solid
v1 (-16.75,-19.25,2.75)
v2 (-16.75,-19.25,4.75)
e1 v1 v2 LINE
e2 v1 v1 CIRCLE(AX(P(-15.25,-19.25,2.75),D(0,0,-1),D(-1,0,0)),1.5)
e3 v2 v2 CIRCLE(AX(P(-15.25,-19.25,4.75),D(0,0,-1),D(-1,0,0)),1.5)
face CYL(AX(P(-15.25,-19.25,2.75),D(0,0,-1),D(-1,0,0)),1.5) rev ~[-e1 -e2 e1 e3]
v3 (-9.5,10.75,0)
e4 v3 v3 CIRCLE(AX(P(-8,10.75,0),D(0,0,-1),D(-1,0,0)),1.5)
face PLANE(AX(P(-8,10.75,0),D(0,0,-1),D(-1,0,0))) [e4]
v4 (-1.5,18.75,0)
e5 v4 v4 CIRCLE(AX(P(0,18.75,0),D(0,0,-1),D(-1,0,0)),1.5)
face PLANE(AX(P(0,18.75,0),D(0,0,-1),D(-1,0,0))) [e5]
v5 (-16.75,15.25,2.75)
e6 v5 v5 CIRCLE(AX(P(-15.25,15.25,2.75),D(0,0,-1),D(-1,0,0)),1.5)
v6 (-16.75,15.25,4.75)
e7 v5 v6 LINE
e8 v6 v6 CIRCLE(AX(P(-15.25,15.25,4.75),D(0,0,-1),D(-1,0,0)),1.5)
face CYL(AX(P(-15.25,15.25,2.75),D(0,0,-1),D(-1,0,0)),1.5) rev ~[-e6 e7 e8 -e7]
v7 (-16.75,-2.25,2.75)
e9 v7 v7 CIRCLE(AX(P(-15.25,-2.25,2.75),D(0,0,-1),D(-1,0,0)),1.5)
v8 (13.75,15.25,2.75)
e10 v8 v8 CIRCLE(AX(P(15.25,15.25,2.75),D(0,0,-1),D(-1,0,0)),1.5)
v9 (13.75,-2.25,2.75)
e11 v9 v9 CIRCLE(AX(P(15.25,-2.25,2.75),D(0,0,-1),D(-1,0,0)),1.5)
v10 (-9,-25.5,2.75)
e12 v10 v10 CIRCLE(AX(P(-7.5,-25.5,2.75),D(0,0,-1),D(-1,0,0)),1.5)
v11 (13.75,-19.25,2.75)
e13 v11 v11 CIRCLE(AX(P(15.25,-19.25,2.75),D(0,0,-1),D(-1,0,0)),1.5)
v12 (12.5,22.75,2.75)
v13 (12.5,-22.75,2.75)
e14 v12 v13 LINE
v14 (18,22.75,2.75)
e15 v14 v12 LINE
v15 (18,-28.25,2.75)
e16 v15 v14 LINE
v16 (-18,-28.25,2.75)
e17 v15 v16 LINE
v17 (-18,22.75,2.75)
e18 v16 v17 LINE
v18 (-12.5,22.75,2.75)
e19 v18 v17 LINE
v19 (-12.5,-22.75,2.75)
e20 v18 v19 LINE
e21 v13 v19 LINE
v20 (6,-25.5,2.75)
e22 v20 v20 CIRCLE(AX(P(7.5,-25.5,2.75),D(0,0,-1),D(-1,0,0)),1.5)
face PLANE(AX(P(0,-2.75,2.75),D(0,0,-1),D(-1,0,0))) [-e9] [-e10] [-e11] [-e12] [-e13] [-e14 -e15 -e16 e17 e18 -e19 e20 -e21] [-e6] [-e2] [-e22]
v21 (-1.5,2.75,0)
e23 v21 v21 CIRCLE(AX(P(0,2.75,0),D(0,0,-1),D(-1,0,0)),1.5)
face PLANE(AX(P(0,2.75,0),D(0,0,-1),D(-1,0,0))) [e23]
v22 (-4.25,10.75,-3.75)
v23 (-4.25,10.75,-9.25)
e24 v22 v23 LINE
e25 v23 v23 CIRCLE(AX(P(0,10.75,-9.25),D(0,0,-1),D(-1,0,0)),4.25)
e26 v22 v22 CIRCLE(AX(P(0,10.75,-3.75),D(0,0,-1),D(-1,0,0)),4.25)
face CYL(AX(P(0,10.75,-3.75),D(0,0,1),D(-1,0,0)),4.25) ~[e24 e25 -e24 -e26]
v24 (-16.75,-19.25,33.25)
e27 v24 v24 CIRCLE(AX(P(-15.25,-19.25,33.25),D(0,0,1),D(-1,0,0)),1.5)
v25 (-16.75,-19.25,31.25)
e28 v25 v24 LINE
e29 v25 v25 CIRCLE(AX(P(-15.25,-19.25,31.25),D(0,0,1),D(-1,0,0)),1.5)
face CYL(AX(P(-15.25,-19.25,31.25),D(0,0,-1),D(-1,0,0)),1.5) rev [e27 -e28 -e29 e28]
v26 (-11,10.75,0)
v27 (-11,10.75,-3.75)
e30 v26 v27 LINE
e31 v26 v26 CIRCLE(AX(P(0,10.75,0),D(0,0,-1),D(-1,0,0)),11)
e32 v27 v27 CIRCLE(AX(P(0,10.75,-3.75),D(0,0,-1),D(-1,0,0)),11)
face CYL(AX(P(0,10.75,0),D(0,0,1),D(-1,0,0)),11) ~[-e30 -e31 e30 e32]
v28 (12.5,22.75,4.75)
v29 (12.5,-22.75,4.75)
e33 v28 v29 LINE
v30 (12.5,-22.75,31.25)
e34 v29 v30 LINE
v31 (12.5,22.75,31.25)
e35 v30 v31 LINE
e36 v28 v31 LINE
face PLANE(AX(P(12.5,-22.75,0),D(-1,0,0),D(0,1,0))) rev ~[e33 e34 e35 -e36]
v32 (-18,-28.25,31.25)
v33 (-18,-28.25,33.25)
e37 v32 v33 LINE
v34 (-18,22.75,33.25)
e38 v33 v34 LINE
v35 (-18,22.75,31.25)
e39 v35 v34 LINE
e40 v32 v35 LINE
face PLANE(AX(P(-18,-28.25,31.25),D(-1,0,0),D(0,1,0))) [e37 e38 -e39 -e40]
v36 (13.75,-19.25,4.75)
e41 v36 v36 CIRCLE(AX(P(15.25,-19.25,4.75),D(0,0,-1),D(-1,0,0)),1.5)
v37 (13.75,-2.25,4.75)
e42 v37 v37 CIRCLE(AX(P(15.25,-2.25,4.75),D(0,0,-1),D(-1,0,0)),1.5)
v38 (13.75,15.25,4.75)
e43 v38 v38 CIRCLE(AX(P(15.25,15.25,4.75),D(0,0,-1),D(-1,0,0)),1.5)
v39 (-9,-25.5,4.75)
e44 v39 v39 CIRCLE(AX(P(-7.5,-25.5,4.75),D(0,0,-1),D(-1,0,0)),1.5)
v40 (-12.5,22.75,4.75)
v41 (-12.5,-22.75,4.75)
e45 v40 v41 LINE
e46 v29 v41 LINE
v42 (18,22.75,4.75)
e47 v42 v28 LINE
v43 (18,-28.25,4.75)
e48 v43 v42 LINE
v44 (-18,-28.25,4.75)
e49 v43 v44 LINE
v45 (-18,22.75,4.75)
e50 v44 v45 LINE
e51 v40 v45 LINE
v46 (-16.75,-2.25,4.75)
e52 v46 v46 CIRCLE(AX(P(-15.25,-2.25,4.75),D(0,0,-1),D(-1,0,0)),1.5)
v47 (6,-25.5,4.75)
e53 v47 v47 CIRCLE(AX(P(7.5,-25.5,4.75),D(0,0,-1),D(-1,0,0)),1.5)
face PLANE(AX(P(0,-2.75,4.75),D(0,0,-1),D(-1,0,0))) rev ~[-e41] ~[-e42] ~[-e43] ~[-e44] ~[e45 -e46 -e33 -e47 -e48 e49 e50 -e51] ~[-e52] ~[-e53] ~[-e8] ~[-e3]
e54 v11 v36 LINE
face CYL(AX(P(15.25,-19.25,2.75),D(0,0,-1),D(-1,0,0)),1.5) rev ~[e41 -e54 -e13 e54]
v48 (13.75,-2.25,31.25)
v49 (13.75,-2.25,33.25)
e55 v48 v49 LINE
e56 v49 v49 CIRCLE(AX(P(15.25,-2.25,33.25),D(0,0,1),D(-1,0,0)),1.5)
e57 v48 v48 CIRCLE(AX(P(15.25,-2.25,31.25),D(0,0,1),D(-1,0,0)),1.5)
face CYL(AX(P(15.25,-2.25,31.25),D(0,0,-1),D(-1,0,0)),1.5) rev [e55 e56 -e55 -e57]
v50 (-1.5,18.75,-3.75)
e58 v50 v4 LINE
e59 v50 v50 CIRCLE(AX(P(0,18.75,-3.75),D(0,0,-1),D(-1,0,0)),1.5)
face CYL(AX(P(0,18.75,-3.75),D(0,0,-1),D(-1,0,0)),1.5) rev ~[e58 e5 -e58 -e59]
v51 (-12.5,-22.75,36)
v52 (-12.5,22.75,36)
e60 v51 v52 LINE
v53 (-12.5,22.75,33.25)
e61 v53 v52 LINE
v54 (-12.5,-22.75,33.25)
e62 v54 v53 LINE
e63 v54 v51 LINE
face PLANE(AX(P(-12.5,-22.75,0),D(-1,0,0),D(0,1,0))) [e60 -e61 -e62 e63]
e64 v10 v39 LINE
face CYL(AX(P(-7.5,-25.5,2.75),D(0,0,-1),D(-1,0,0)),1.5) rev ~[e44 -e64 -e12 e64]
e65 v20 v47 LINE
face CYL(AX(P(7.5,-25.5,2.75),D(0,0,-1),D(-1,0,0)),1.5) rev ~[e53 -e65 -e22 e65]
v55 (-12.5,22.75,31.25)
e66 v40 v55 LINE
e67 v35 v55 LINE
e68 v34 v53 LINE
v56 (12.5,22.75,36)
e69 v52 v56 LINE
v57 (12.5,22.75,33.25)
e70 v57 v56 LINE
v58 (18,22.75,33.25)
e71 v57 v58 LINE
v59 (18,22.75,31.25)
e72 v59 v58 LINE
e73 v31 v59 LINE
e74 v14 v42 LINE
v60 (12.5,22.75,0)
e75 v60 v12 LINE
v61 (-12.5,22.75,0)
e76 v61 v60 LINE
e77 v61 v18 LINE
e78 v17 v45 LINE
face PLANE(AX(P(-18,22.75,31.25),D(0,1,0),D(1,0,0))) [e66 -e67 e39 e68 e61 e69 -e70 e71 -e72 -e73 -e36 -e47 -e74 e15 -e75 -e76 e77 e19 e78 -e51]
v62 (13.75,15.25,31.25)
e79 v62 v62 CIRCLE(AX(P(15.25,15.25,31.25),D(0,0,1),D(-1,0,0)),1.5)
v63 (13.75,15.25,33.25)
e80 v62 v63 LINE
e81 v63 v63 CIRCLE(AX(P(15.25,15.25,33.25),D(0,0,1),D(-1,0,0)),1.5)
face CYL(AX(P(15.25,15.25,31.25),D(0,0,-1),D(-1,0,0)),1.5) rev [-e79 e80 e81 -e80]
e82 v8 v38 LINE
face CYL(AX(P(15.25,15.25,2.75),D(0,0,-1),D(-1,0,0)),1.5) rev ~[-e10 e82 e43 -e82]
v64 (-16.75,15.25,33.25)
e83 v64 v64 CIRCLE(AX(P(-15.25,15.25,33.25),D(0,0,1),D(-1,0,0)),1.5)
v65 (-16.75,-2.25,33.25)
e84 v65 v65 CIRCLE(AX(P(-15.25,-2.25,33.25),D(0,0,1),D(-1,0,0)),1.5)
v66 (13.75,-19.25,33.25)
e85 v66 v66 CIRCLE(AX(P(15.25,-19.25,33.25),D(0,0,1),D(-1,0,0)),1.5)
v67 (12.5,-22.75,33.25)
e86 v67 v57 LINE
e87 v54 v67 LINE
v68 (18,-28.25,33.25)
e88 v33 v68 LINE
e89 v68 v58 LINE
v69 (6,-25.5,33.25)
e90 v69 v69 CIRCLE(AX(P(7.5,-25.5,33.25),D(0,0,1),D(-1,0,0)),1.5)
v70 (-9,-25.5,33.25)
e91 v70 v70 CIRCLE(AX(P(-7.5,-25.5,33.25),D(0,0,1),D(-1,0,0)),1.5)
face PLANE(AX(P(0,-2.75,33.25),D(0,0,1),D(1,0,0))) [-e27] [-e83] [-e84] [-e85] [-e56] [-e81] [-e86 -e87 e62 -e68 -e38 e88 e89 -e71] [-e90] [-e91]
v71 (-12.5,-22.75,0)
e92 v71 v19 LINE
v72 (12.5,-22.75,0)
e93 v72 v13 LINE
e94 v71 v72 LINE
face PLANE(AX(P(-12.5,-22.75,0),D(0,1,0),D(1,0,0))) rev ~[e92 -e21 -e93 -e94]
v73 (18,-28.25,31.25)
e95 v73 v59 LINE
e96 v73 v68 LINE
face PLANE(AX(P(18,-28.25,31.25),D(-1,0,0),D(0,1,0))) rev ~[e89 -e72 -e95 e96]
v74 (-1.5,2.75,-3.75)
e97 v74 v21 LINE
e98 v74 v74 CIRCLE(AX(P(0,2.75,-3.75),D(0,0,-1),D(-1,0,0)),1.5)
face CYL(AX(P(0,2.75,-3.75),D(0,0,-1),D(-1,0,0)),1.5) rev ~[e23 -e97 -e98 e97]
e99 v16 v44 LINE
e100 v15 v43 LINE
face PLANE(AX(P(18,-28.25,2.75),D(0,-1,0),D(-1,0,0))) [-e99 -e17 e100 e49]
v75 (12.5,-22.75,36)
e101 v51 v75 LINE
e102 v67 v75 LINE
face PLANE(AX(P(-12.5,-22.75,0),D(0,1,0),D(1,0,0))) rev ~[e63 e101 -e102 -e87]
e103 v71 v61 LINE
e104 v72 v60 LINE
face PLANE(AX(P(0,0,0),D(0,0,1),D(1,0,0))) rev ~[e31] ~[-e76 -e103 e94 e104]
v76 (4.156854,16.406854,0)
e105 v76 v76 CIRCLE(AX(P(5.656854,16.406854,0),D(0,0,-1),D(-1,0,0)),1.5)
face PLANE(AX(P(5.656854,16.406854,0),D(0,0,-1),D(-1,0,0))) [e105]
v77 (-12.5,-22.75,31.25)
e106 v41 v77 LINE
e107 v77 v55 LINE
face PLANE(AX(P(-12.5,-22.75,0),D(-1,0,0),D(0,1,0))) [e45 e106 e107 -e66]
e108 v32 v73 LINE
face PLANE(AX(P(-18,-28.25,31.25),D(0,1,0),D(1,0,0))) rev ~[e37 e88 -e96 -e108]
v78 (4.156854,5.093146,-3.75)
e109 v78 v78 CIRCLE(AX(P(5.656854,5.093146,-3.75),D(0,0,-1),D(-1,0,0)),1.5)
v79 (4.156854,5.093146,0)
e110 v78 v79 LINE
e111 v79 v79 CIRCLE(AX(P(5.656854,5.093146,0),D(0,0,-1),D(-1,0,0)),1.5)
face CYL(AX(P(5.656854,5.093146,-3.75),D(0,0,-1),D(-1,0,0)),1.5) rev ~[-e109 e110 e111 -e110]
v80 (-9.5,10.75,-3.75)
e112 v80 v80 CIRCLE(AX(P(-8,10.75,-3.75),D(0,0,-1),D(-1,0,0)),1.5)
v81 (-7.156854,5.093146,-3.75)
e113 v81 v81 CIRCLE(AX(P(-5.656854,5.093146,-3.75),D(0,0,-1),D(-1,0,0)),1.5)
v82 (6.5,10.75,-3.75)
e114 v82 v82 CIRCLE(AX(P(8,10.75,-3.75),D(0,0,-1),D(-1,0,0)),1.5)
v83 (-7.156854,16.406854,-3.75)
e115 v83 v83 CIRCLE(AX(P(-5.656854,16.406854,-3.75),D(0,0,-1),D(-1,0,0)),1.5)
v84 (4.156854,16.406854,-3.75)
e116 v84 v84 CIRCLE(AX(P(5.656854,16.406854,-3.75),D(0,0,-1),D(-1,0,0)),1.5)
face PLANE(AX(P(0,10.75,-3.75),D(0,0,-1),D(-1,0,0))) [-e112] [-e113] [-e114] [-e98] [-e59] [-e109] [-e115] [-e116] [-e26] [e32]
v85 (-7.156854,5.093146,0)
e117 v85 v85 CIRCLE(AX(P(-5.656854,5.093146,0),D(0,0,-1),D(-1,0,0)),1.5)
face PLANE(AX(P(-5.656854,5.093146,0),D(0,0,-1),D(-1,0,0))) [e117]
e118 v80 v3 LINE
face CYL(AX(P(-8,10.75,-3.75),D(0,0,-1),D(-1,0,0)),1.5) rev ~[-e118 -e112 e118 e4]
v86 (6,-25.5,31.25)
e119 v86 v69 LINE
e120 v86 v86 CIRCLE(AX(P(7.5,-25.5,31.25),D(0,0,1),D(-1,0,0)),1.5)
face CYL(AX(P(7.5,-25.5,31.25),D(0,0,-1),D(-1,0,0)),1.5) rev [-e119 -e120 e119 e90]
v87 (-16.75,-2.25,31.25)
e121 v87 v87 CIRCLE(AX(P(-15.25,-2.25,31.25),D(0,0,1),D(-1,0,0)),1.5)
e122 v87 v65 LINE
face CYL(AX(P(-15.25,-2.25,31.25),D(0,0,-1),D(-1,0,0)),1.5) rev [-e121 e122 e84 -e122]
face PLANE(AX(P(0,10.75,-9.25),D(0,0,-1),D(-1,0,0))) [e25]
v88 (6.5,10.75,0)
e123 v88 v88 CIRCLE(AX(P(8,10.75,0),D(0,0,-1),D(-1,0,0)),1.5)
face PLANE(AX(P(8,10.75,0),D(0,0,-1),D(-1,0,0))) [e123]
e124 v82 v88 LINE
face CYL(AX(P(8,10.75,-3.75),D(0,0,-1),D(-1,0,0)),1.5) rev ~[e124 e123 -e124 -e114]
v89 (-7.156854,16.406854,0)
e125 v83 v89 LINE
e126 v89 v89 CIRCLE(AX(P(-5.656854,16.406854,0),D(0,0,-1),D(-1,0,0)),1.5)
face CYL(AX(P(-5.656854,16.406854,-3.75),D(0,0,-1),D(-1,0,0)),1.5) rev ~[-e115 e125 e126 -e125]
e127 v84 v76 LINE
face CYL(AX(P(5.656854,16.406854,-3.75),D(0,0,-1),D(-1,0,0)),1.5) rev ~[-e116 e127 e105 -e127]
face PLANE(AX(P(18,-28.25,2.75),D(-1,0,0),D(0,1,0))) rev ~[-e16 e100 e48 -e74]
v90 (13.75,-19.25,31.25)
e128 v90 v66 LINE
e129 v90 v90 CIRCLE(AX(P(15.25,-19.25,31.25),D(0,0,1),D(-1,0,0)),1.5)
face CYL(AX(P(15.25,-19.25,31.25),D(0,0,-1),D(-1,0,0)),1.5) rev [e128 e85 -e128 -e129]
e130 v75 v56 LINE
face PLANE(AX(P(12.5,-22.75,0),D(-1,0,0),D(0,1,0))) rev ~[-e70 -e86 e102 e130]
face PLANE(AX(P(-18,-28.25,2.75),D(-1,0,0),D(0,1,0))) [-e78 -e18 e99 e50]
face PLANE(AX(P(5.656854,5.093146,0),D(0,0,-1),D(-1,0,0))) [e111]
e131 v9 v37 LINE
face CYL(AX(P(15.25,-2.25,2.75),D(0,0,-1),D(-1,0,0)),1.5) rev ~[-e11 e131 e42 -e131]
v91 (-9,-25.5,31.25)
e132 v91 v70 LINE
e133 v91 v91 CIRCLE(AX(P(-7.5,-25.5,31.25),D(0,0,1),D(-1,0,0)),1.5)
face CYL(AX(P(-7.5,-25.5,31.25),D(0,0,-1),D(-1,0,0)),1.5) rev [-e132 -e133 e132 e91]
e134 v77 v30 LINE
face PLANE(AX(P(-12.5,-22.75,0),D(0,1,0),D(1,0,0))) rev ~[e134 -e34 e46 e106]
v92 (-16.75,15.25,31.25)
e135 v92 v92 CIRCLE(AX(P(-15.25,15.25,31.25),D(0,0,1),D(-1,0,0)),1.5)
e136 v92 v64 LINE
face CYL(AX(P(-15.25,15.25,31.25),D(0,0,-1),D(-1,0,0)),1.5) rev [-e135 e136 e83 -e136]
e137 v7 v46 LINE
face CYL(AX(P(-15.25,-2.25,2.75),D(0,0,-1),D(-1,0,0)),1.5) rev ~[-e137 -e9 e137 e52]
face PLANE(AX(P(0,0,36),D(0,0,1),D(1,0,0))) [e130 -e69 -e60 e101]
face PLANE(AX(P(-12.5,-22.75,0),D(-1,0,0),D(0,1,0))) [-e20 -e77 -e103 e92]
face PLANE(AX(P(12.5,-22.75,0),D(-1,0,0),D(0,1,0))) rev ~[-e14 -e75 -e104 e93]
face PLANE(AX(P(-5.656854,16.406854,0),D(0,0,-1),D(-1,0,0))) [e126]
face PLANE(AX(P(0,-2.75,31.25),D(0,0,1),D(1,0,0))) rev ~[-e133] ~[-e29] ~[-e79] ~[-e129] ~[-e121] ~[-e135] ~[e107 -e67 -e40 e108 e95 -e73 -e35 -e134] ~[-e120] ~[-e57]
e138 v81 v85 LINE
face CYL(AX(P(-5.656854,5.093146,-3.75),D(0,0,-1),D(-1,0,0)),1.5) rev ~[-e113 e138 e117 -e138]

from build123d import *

# Parameters (mm, degrees)
SKETCH1_W           = 25
SKETCH1_H           = 45.5
BOSS_EXTRUDE1_DEPTH = 36
BOSS_EXTRUDE2_START = -2.75
SKETCH2_W           = 36
SKETCH2_H           = 51
SKETCH2_R           = 1.5
BOSS_EXTRUDE2_DEPTH = 2
SKETCH3_R           = 11
BOSS_EXTRUDE3_DEPTH = 3.75
SKETCH4_R           = 1.5
CUT_EXTRUDE1_DEPTH  = 3.75
SKETCH5_R           = 4.25
BOSS_EXTRUDE4_DEPTH = 5.5
BOSS_EXTRUDE5_START = -4.75
SKETCH6_W           = 36
SKETCH6_H           = 51
SKETCH6_R           = 1.5
BOSS_EXTRUDE5_DEPTH = 2


with BuildPart() as part:
    # Sketch1 → Boss-Extrude1 (new body)
    with BuildSketch(Plane.XY):
        Rectangle(SKETCH1_W, SKETCH1_H)
    extrude(amount=BOSS_EXTRUDE1_DEPTH)

    # Sketch2 → Boss-Extrude2 (add)
    with BuildSketch(Plane(origin=(0, 0, 0), x_dir=(-1, 0, 0), z_dir=(0, 0, -1)).offset(BOSS_EXTRUDE2_START)):
        with Locations((0, -2.75)):
            Rectangle(SKETCH2_W, SKETCH2_H)
        with Locations((-15.25, 15.25)):
            Circle(SKETCH2_R, mode=Mode.SUBTRACT)
        with Locations((-15.25, -2.25)):
            Circle(SKETCH2_R, mode=Mode.SUBTRACT)
        with Locations((-15.25, -19.25)):
            Circle(SKETCH2_R, mode=Mode.SUBTRACT)
        with Locations((-7.5, -25.5)):
            Circle(SKETCH2_R, mode=Mode.SUBTRACT)
        with Locations((7.5, -25.5)):
            Circle(SKETCH2_R, mode=Mode.SUBTRACT)
        with Locations((15.25, -19.25)):
            Circle(SKETCH2_R, mode=Mode.SUBTRACT)
        with Locations((15.25, -2.25)):
            Circle(SKETCH2_R, mode=Mode.SUBTRACT)
        with Locations((15.25, 15.25)):
            Circle(SKETCH2_R, mode=Mode.SUBTRACT)
    extrude(amount=-BOSS_EXTRUDE2_DEPTH)

    # Sketch3 → Boss-Extrude3 (add)
    with BuildSketch(Plane(origin=(0, 0, 0), x_dir=(-1, 0, 0), z_dir=(0, 0, -1))):
        with Locations((0, 10.75)):
            Circle(SKETCH3_R)
    extrude(amount=BOSS_EXTRUDE3_DEPTH)

    # Sketch4 → Cut-Extrude1 (cut)
    with BuildSketch(Plane(origin=(0, 0, -3.75), x_dir=(-1, 0, 0), z_dir=(0, 0, -1))):
        with Locations((0, 18.75)):
            Circle(SKETCH4_R)
        with Locations((-5.656854249, 16.406854249)):
            Circle(SKETCH4_R)
        with Locations((-8, 10.75)):
            Circle(SKETCH4_R)
        with Locations((-5.656854249, 5.093145751)):
            Circle(SKETCH4_R)
        with Locations((0, 2.75)):
            Circle(SKETCH4_R)
        with Locations((5.656854249, 5.093145751)):
            Circle(SKETCH4_R)
        with Locations((8, 10.75)):
            Circle(SKETCH4_R)
        with Locations((5.656854249, 16.406854249)):
            Circle(SKETCH4_R)
    extrude(amount=-CUT_EXTRUDE1_DEPTH, mode=Mode.SUBTRACT)

    # Sketch5 → Boss-Extrude4 (add)
    with BuildSketch(Plane(origin=(0, 0, -3.75), x_dir=(-1, 0, 0), z_dir=(0, 0, -1))):
        with Locations((0, 10.75)):
            Circle(SKETCH5_R)
    extrude(amount=BOSS_EXTRUDE4_DEPTH)

    # Sketch6 → Boss-Extrude5 (add)
    with BuildSketch(Plane.XY.offset(36).offset(BOSS_EXTRUDE5_START)):
        with Locations((0, -2.75)):
            Rectangle(SKETCH6_W, SKETCH6_H)
        with Locations(Location((-15.25, 15.25, 0), (0, 0, 180))):
            Circle(SKETCH6_R, mode=Mode.SUBTRACT)
        with Locations(Location((-15.25, -2.25, 0), (0, 0, 180))):
            Circle(SKETCH6_R, mode=Mode.SUBTRACT)
        with Locations(Location((-15.25, -19.25, 0), (0, 0, 180))):
            Circle(SKETCH6_R, mode=Mode.SUBTRACT)
        with Locations(Location((-7.5, -25.5, 0), (0, 0, 180))):
            Circle(SKETCH6_R, mode=Mode.SUBTRACT)
        with Locations(Location((7.5, -25.5, 0), (0, 0, 180))):
            Circle(SKETCH6_R, mode=Mode.SUBTRACT)
        with Locations(Location((15.25, -19.25, 0), (0, 0, 180))):
            Circle(SKETCH6_R, mode=Mode.SUBTRACT)
        with Locations(Location((15.25, -2.25, 0), (0, 0, 180))):
            Circle(SKETCH6_R, mode=Mode.SUBTRACT)
        with Locations(Location((15.25, 15.25, 0), (0, 0, 180))):
            Circle(SKETCH6_R, mode=Mode.SUBTRACT)
    extrude(amount=BOSS_EXTRUDE5_DEPTH)


solid = part.part
